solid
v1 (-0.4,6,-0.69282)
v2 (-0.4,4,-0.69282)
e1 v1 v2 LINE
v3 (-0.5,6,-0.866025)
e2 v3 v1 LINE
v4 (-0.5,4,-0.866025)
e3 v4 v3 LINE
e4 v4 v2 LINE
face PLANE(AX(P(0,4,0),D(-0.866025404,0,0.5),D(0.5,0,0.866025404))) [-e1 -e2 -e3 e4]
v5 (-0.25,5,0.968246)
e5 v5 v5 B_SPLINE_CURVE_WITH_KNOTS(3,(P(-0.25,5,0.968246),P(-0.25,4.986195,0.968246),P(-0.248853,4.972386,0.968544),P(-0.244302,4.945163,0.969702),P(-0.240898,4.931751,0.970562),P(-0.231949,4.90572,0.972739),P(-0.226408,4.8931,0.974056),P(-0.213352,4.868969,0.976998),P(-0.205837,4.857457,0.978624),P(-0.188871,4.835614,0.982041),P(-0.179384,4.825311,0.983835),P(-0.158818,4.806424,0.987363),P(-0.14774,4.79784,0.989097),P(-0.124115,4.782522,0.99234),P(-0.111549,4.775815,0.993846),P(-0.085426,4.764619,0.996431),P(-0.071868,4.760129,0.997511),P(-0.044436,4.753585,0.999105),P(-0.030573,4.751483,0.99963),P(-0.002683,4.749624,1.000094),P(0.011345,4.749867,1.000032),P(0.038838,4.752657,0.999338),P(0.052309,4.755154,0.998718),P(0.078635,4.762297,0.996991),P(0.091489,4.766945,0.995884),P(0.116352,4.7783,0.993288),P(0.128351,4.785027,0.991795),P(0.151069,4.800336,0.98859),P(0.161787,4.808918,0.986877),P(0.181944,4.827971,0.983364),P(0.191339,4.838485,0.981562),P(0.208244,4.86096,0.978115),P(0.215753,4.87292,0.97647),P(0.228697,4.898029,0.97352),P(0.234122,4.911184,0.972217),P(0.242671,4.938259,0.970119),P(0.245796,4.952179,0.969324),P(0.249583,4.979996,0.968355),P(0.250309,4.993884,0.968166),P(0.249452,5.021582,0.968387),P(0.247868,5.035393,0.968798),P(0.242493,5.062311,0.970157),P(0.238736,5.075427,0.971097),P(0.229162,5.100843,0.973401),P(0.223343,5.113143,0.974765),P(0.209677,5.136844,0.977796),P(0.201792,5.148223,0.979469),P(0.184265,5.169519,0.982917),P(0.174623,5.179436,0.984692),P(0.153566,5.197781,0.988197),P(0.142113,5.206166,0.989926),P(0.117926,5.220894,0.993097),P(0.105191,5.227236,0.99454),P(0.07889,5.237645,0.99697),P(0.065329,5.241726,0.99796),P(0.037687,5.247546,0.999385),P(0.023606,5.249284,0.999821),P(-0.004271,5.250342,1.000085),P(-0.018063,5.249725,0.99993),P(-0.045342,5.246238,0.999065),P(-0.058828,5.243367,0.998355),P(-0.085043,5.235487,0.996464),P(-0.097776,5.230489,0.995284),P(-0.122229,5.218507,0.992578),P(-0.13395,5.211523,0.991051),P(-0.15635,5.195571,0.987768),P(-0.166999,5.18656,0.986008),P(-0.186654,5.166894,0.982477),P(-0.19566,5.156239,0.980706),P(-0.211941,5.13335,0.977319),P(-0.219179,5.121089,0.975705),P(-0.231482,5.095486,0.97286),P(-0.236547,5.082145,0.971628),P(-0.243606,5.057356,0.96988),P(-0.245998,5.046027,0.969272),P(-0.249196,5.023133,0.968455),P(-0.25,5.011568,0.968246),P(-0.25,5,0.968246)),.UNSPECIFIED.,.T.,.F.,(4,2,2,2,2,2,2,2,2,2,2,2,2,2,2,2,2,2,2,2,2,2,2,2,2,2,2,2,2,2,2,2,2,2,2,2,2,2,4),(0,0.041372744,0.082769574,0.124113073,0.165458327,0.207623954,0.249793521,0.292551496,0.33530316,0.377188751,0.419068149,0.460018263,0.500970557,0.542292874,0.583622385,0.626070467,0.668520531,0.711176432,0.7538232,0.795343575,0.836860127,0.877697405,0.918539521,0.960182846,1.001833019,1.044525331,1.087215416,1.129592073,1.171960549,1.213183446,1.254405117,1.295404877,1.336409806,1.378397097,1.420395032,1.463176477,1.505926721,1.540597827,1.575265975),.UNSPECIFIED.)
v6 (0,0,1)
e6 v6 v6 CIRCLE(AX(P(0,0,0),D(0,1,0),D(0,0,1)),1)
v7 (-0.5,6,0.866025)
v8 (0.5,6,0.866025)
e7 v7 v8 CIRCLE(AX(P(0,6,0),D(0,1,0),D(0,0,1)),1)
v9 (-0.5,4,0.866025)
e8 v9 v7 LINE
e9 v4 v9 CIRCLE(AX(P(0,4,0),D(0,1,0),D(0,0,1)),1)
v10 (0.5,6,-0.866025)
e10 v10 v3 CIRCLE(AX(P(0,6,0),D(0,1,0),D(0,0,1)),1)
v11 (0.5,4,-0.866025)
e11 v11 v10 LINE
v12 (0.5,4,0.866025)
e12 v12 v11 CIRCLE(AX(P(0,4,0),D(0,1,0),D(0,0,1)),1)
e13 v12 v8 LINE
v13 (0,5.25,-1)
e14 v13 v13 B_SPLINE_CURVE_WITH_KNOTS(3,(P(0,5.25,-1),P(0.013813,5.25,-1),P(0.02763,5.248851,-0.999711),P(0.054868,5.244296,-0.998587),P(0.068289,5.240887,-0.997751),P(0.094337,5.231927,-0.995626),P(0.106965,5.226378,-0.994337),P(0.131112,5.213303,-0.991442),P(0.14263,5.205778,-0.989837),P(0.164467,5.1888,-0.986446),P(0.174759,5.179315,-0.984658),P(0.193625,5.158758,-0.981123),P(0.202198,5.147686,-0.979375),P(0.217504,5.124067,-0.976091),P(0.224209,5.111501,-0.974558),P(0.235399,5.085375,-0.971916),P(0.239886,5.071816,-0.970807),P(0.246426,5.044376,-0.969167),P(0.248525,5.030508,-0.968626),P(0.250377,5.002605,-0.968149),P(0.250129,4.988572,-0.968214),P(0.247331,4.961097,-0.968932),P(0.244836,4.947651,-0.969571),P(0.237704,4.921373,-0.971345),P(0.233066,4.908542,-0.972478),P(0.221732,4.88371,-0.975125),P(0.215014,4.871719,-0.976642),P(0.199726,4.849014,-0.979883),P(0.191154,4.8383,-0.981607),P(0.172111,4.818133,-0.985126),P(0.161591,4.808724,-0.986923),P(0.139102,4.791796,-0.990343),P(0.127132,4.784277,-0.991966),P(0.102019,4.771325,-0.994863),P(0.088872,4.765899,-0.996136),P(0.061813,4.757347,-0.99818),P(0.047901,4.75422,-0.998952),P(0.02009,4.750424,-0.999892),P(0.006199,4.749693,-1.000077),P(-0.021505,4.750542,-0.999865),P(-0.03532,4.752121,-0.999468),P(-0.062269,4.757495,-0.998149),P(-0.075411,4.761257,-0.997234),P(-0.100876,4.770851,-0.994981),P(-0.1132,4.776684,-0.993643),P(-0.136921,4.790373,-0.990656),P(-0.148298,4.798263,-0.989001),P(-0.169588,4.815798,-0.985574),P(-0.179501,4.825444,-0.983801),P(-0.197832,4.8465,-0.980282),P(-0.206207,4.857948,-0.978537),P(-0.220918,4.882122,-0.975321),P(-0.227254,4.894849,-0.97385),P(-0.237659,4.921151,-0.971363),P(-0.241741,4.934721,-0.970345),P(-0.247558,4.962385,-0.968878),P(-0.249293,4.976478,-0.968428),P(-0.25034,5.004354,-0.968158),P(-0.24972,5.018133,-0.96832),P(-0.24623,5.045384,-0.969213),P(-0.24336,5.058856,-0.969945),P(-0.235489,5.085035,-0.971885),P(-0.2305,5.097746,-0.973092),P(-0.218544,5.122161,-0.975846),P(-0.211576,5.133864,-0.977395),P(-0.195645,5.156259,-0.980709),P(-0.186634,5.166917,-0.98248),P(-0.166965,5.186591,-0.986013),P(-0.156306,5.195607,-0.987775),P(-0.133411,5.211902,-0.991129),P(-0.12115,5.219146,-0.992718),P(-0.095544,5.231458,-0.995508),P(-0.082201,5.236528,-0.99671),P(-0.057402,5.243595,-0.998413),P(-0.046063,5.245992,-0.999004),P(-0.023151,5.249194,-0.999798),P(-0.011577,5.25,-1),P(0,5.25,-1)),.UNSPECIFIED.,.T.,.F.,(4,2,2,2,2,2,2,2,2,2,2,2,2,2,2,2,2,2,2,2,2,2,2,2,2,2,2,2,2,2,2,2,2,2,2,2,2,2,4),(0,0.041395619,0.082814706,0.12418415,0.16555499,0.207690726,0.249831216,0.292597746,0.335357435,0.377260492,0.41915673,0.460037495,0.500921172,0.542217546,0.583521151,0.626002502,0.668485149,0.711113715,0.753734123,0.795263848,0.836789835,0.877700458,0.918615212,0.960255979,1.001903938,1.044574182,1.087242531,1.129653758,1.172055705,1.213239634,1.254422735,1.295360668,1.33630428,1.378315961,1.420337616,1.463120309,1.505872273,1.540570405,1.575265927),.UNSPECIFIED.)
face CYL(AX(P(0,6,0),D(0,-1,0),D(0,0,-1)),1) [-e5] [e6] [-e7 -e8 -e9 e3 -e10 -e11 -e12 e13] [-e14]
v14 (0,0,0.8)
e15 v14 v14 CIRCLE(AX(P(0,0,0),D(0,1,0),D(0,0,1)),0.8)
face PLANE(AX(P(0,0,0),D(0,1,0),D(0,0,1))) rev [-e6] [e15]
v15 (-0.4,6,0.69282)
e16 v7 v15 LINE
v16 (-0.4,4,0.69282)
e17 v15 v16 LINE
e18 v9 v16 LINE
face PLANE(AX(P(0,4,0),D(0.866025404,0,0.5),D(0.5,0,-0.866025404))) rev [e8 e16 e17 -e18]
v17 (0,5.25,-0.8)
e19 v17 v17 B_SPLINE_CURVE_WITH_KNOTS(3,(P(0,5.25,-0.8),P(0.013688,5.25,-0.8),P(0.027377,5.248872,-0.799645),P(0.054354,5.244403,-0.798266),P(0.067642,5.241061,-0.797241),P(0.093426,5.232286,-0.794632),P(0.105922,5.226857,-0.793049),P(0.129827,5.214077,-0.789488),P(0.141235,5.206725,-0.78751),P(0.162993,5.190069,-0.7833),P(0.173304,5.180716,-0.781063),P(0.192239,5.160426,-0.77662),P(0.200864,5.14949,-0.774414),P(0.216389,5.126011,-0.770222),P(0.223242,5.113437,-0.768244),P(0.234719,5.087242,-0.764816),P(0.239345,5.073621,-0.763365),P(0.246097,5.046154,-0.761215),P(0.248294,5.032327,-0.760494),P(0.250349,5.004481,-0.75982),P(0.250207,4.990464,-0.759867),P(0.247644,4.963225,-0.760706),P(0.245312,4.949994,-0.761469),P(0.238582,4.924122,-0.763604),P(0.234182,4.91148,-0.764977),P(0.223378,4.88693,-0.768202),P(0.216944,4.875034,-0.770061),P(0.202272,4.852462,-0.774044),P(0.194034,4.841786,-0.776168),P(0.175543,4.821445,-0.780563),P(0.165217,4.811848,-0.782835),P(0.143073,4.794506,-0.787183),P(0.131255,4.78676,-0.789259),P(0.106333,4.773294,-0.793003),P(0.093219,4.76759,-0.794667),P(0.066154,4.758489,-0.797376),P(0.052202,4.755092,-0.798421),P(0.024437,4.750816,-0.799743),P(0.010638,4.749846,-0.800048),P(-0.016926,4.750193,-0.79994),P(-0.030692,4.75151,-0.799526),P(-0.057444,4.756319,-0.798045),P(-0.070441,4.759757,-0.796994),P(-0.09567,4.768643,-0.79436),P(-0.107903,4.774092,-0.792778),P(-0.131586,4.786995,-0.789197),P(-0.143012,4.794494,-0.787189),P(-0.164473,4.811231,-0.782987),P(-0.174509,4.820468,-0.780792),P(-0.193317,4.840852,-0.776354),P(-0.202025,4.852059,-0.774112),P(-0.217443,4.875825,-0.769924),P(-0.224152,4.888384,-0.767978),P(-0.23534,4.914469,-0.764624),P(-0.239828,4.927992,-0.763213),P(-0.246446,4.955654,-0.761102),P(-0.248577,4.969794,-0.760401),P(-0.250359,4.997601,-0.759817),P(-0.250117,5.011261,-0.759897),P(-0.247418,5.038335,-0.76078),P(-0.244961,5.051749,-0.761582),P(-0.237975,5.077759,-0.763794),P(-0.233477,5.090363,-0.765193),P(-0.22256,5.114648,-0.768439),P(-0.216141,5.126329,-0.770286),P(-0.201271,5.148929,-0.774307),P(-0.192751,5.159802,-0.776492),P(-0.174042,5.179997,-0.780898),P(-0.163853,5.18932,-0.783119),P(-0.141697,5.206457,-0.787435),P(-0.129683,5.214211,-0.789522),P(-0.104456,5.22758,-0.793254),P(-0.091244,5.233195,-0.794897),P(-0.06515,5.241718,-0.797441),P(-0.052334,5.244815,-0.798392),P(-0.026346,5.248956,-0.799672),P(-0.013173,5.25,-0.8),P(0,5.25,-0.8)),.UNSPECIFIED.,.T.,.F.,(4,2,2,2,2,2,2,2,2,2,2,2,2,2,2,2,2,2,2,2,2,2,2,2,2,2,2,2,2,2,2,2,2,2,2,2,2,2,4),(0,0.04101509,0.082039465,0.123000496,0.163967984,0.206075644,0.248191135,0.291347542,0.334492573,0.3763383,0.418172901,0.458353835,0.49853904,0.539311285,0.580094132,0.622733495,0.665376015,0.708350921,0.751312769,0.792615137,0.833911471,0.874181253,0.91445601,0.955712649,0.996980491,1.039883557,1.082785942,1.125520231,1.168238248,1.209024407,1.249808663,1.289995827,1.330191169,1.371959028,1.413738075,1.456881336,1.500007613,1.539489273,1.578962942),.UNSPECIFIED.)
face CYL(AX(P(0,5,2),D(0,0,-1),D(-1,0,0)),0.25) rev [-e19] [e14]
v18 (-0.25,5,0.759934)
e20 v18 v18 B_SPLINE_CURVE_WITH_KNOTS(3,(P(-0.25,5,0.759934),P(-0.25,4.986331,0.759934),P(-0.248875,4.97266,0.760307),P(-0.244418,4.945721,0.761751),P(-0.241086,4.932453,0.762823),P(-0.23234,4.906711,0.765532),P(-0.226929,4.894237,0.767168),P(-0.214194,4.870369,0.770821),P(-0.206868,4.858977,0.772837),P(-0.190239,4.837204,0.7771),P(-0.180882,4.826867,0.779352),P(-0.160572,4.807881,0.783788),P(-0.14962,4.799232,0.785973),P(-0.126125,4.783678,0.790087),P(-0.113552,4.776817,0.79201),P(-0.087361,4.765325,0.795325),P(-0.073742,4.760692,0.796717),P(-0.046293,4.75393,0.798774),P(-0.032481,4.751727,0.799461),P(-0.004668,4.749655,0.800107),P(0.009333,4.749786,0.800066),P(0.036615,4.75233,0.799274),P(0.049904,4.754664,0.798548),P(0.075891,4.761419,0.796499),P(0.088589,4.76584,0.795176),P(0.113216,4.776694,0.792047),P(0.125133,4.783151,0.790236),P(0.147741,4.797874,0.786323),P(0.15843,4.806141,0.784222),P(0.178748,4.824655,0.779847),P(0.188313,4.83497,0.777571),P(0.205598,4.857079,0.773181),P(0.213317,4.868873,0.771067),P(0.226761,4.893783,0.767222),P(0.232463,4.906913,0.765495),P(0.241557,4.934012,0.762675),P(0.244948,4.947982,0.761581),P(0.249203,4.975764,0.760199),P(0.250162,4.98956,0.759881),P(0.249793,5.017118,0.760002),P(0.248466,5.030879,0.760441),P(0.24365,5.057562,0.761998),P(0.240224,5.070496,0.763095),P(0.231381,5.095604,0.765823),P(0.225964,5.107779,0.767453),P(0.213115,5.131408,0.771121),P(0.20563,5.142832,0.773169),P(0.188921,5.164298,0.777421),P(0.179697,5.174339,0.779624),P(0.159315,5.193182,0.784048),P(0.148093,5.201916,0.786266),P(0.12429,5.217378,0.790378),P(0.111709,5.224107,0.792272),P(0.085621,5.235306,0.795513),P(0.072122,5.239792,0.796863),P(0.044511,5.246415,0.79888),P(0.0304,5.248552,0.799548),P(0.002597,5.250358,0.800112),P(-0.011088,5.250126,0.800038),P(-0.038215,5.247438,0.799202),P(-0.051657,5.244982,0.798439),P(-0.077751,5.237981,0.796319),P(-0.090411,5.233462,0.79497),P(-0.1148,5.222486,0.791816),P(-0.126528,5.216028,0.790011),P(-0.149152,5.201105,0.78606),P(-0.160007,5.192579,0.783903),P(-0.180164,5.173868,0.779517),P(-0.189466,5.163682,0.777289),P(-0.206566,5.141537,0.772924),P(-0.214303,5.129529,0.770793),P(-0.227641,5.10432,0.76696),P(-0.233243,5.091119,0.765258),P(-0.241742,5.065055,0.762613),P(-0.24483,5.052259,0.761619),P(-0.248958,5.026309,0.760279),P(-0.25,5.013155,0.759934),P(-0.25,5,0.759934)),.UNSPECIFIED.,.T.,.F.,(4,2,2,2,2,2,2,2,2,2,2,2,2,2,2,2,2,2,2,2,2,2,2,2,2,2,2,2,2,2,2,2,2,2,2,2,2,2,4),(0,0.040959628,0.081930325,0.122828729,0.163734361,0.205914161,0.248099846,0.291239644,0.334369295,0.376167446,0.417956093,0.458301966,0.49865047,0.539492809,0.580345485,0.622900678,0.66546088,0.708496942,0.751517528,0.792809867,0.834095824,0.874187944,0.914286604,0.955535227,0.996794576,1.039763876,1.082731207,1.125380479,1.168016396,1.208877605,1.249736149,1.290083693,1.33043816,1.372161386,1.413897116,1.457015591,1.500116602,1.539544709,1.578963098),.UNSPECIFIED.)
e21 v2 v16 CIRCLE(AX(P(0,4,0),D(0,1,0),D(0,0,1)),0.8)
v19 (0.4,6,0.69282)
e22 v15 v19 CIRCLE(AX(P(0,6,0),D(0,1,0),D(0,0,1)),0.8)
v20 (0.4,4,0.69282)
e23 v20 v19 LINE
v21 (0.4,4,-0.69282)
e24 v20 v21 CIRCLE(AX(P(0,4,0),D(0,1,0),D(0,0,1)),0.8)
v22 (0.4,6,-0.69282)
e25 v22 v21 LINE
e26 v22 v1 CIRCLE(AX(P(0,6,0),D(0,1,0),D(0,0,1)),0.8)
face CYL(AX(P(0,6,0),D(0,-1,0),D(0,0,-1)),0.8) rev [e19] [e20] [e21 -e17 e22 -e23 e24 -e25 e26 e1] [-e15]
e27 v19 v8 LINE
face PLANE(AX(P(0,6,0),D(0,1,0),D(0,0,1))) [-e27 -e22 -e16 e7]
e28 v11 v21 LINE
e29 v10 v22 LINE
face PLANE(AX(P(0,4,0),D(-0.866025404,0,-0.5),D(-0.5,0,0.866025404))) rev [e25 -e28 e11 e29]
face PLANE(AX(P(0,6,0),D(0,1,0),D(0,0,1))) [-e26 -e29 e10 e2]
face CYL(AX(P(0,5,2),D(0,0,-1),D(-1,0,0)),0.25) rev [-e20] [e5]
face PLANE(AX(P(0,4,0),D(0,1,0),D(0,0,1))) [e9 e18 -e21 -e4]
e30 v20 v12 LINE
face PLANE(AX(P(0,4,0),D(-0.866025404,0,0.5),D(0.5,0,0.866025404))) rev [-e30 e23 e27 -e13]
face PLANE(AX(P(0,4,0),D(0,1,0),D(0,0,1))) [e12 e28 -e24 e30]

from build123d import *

# Parameters (mm, degrees)
SKETCH_1_R               = 1
SKETCH_1_R_2             = 0.8
EXTRUDE_1_DEPTH          = 6
CUT_EXTRUDE_START        = -2
CUT_EXTRUDE_2_DEPTH      = 2
CUT_EXTRUDE_3_DEPTH      = 2
CUT_EXTRUDE_3_DEPTH_BACK = 2
SKETCH_4_R               = 0.25


with BuildPart() as part:
    # 草图1 → 凸台-拉伸1 (new body)
    with BuildSketch(Plane(origin=(0, 0, 0), x_dir=(1, 0, 0), z_dir=(0, 1, 0))):
        Circle(SKETCH_1_R)
        Circle(SKETCH_1_R_2, mode=Mode.SUBTRACT)
    extrude(amount=EXTRUDE_1_DEPTH)

    # 草图2 → 切除-拉伸2 (cut)
    with BuildSketch(Plane(origin=(0, 6, 0), x_dir=(1, 0, 0), z_dir=(0, 1, 0)).offset(CUT_EXTRUDE_START)):
        with BuildLine():
            ThreePointArc((-0.5, 0.866025404), (-1, 0), (-0.5, -0.866025404))
            Line((-0.5, -0.866025404), (0, 0))
            Line((0, 0), (-0.5, 0.866025404))
        make_face()
        with BuildLine():
            Line((0.5, 0.866025404), (0, 0))
            Line((0, 0), (0.5, -0.866025404))
            ThreePointArc((0.5, -0.866025404), (1, 0), (0.5, 0.866025404))
        make_face()
    extrude(amount=CUT_EXTRUDE_2_DEPTH, mode=Mode.SUBTRACT)

    # 草图4 → 切除-拉伸3 (cut, two sides: drawn at the far end of the back side and taken through both)
    with BuildSketch(Plane.XY.offset(-CUT_EXTRUDE_3_DEPTH_BACK)):
        with Locations((0, 5)):
            Circle(SKETCH_4_R)
    extrude(amount=CUT_EXTRUDE_3_DEPTH + CUT_EXTRUDE_3_DEPTH_BACK, mode=Mode.SUBTRACT)


solid = part.part
